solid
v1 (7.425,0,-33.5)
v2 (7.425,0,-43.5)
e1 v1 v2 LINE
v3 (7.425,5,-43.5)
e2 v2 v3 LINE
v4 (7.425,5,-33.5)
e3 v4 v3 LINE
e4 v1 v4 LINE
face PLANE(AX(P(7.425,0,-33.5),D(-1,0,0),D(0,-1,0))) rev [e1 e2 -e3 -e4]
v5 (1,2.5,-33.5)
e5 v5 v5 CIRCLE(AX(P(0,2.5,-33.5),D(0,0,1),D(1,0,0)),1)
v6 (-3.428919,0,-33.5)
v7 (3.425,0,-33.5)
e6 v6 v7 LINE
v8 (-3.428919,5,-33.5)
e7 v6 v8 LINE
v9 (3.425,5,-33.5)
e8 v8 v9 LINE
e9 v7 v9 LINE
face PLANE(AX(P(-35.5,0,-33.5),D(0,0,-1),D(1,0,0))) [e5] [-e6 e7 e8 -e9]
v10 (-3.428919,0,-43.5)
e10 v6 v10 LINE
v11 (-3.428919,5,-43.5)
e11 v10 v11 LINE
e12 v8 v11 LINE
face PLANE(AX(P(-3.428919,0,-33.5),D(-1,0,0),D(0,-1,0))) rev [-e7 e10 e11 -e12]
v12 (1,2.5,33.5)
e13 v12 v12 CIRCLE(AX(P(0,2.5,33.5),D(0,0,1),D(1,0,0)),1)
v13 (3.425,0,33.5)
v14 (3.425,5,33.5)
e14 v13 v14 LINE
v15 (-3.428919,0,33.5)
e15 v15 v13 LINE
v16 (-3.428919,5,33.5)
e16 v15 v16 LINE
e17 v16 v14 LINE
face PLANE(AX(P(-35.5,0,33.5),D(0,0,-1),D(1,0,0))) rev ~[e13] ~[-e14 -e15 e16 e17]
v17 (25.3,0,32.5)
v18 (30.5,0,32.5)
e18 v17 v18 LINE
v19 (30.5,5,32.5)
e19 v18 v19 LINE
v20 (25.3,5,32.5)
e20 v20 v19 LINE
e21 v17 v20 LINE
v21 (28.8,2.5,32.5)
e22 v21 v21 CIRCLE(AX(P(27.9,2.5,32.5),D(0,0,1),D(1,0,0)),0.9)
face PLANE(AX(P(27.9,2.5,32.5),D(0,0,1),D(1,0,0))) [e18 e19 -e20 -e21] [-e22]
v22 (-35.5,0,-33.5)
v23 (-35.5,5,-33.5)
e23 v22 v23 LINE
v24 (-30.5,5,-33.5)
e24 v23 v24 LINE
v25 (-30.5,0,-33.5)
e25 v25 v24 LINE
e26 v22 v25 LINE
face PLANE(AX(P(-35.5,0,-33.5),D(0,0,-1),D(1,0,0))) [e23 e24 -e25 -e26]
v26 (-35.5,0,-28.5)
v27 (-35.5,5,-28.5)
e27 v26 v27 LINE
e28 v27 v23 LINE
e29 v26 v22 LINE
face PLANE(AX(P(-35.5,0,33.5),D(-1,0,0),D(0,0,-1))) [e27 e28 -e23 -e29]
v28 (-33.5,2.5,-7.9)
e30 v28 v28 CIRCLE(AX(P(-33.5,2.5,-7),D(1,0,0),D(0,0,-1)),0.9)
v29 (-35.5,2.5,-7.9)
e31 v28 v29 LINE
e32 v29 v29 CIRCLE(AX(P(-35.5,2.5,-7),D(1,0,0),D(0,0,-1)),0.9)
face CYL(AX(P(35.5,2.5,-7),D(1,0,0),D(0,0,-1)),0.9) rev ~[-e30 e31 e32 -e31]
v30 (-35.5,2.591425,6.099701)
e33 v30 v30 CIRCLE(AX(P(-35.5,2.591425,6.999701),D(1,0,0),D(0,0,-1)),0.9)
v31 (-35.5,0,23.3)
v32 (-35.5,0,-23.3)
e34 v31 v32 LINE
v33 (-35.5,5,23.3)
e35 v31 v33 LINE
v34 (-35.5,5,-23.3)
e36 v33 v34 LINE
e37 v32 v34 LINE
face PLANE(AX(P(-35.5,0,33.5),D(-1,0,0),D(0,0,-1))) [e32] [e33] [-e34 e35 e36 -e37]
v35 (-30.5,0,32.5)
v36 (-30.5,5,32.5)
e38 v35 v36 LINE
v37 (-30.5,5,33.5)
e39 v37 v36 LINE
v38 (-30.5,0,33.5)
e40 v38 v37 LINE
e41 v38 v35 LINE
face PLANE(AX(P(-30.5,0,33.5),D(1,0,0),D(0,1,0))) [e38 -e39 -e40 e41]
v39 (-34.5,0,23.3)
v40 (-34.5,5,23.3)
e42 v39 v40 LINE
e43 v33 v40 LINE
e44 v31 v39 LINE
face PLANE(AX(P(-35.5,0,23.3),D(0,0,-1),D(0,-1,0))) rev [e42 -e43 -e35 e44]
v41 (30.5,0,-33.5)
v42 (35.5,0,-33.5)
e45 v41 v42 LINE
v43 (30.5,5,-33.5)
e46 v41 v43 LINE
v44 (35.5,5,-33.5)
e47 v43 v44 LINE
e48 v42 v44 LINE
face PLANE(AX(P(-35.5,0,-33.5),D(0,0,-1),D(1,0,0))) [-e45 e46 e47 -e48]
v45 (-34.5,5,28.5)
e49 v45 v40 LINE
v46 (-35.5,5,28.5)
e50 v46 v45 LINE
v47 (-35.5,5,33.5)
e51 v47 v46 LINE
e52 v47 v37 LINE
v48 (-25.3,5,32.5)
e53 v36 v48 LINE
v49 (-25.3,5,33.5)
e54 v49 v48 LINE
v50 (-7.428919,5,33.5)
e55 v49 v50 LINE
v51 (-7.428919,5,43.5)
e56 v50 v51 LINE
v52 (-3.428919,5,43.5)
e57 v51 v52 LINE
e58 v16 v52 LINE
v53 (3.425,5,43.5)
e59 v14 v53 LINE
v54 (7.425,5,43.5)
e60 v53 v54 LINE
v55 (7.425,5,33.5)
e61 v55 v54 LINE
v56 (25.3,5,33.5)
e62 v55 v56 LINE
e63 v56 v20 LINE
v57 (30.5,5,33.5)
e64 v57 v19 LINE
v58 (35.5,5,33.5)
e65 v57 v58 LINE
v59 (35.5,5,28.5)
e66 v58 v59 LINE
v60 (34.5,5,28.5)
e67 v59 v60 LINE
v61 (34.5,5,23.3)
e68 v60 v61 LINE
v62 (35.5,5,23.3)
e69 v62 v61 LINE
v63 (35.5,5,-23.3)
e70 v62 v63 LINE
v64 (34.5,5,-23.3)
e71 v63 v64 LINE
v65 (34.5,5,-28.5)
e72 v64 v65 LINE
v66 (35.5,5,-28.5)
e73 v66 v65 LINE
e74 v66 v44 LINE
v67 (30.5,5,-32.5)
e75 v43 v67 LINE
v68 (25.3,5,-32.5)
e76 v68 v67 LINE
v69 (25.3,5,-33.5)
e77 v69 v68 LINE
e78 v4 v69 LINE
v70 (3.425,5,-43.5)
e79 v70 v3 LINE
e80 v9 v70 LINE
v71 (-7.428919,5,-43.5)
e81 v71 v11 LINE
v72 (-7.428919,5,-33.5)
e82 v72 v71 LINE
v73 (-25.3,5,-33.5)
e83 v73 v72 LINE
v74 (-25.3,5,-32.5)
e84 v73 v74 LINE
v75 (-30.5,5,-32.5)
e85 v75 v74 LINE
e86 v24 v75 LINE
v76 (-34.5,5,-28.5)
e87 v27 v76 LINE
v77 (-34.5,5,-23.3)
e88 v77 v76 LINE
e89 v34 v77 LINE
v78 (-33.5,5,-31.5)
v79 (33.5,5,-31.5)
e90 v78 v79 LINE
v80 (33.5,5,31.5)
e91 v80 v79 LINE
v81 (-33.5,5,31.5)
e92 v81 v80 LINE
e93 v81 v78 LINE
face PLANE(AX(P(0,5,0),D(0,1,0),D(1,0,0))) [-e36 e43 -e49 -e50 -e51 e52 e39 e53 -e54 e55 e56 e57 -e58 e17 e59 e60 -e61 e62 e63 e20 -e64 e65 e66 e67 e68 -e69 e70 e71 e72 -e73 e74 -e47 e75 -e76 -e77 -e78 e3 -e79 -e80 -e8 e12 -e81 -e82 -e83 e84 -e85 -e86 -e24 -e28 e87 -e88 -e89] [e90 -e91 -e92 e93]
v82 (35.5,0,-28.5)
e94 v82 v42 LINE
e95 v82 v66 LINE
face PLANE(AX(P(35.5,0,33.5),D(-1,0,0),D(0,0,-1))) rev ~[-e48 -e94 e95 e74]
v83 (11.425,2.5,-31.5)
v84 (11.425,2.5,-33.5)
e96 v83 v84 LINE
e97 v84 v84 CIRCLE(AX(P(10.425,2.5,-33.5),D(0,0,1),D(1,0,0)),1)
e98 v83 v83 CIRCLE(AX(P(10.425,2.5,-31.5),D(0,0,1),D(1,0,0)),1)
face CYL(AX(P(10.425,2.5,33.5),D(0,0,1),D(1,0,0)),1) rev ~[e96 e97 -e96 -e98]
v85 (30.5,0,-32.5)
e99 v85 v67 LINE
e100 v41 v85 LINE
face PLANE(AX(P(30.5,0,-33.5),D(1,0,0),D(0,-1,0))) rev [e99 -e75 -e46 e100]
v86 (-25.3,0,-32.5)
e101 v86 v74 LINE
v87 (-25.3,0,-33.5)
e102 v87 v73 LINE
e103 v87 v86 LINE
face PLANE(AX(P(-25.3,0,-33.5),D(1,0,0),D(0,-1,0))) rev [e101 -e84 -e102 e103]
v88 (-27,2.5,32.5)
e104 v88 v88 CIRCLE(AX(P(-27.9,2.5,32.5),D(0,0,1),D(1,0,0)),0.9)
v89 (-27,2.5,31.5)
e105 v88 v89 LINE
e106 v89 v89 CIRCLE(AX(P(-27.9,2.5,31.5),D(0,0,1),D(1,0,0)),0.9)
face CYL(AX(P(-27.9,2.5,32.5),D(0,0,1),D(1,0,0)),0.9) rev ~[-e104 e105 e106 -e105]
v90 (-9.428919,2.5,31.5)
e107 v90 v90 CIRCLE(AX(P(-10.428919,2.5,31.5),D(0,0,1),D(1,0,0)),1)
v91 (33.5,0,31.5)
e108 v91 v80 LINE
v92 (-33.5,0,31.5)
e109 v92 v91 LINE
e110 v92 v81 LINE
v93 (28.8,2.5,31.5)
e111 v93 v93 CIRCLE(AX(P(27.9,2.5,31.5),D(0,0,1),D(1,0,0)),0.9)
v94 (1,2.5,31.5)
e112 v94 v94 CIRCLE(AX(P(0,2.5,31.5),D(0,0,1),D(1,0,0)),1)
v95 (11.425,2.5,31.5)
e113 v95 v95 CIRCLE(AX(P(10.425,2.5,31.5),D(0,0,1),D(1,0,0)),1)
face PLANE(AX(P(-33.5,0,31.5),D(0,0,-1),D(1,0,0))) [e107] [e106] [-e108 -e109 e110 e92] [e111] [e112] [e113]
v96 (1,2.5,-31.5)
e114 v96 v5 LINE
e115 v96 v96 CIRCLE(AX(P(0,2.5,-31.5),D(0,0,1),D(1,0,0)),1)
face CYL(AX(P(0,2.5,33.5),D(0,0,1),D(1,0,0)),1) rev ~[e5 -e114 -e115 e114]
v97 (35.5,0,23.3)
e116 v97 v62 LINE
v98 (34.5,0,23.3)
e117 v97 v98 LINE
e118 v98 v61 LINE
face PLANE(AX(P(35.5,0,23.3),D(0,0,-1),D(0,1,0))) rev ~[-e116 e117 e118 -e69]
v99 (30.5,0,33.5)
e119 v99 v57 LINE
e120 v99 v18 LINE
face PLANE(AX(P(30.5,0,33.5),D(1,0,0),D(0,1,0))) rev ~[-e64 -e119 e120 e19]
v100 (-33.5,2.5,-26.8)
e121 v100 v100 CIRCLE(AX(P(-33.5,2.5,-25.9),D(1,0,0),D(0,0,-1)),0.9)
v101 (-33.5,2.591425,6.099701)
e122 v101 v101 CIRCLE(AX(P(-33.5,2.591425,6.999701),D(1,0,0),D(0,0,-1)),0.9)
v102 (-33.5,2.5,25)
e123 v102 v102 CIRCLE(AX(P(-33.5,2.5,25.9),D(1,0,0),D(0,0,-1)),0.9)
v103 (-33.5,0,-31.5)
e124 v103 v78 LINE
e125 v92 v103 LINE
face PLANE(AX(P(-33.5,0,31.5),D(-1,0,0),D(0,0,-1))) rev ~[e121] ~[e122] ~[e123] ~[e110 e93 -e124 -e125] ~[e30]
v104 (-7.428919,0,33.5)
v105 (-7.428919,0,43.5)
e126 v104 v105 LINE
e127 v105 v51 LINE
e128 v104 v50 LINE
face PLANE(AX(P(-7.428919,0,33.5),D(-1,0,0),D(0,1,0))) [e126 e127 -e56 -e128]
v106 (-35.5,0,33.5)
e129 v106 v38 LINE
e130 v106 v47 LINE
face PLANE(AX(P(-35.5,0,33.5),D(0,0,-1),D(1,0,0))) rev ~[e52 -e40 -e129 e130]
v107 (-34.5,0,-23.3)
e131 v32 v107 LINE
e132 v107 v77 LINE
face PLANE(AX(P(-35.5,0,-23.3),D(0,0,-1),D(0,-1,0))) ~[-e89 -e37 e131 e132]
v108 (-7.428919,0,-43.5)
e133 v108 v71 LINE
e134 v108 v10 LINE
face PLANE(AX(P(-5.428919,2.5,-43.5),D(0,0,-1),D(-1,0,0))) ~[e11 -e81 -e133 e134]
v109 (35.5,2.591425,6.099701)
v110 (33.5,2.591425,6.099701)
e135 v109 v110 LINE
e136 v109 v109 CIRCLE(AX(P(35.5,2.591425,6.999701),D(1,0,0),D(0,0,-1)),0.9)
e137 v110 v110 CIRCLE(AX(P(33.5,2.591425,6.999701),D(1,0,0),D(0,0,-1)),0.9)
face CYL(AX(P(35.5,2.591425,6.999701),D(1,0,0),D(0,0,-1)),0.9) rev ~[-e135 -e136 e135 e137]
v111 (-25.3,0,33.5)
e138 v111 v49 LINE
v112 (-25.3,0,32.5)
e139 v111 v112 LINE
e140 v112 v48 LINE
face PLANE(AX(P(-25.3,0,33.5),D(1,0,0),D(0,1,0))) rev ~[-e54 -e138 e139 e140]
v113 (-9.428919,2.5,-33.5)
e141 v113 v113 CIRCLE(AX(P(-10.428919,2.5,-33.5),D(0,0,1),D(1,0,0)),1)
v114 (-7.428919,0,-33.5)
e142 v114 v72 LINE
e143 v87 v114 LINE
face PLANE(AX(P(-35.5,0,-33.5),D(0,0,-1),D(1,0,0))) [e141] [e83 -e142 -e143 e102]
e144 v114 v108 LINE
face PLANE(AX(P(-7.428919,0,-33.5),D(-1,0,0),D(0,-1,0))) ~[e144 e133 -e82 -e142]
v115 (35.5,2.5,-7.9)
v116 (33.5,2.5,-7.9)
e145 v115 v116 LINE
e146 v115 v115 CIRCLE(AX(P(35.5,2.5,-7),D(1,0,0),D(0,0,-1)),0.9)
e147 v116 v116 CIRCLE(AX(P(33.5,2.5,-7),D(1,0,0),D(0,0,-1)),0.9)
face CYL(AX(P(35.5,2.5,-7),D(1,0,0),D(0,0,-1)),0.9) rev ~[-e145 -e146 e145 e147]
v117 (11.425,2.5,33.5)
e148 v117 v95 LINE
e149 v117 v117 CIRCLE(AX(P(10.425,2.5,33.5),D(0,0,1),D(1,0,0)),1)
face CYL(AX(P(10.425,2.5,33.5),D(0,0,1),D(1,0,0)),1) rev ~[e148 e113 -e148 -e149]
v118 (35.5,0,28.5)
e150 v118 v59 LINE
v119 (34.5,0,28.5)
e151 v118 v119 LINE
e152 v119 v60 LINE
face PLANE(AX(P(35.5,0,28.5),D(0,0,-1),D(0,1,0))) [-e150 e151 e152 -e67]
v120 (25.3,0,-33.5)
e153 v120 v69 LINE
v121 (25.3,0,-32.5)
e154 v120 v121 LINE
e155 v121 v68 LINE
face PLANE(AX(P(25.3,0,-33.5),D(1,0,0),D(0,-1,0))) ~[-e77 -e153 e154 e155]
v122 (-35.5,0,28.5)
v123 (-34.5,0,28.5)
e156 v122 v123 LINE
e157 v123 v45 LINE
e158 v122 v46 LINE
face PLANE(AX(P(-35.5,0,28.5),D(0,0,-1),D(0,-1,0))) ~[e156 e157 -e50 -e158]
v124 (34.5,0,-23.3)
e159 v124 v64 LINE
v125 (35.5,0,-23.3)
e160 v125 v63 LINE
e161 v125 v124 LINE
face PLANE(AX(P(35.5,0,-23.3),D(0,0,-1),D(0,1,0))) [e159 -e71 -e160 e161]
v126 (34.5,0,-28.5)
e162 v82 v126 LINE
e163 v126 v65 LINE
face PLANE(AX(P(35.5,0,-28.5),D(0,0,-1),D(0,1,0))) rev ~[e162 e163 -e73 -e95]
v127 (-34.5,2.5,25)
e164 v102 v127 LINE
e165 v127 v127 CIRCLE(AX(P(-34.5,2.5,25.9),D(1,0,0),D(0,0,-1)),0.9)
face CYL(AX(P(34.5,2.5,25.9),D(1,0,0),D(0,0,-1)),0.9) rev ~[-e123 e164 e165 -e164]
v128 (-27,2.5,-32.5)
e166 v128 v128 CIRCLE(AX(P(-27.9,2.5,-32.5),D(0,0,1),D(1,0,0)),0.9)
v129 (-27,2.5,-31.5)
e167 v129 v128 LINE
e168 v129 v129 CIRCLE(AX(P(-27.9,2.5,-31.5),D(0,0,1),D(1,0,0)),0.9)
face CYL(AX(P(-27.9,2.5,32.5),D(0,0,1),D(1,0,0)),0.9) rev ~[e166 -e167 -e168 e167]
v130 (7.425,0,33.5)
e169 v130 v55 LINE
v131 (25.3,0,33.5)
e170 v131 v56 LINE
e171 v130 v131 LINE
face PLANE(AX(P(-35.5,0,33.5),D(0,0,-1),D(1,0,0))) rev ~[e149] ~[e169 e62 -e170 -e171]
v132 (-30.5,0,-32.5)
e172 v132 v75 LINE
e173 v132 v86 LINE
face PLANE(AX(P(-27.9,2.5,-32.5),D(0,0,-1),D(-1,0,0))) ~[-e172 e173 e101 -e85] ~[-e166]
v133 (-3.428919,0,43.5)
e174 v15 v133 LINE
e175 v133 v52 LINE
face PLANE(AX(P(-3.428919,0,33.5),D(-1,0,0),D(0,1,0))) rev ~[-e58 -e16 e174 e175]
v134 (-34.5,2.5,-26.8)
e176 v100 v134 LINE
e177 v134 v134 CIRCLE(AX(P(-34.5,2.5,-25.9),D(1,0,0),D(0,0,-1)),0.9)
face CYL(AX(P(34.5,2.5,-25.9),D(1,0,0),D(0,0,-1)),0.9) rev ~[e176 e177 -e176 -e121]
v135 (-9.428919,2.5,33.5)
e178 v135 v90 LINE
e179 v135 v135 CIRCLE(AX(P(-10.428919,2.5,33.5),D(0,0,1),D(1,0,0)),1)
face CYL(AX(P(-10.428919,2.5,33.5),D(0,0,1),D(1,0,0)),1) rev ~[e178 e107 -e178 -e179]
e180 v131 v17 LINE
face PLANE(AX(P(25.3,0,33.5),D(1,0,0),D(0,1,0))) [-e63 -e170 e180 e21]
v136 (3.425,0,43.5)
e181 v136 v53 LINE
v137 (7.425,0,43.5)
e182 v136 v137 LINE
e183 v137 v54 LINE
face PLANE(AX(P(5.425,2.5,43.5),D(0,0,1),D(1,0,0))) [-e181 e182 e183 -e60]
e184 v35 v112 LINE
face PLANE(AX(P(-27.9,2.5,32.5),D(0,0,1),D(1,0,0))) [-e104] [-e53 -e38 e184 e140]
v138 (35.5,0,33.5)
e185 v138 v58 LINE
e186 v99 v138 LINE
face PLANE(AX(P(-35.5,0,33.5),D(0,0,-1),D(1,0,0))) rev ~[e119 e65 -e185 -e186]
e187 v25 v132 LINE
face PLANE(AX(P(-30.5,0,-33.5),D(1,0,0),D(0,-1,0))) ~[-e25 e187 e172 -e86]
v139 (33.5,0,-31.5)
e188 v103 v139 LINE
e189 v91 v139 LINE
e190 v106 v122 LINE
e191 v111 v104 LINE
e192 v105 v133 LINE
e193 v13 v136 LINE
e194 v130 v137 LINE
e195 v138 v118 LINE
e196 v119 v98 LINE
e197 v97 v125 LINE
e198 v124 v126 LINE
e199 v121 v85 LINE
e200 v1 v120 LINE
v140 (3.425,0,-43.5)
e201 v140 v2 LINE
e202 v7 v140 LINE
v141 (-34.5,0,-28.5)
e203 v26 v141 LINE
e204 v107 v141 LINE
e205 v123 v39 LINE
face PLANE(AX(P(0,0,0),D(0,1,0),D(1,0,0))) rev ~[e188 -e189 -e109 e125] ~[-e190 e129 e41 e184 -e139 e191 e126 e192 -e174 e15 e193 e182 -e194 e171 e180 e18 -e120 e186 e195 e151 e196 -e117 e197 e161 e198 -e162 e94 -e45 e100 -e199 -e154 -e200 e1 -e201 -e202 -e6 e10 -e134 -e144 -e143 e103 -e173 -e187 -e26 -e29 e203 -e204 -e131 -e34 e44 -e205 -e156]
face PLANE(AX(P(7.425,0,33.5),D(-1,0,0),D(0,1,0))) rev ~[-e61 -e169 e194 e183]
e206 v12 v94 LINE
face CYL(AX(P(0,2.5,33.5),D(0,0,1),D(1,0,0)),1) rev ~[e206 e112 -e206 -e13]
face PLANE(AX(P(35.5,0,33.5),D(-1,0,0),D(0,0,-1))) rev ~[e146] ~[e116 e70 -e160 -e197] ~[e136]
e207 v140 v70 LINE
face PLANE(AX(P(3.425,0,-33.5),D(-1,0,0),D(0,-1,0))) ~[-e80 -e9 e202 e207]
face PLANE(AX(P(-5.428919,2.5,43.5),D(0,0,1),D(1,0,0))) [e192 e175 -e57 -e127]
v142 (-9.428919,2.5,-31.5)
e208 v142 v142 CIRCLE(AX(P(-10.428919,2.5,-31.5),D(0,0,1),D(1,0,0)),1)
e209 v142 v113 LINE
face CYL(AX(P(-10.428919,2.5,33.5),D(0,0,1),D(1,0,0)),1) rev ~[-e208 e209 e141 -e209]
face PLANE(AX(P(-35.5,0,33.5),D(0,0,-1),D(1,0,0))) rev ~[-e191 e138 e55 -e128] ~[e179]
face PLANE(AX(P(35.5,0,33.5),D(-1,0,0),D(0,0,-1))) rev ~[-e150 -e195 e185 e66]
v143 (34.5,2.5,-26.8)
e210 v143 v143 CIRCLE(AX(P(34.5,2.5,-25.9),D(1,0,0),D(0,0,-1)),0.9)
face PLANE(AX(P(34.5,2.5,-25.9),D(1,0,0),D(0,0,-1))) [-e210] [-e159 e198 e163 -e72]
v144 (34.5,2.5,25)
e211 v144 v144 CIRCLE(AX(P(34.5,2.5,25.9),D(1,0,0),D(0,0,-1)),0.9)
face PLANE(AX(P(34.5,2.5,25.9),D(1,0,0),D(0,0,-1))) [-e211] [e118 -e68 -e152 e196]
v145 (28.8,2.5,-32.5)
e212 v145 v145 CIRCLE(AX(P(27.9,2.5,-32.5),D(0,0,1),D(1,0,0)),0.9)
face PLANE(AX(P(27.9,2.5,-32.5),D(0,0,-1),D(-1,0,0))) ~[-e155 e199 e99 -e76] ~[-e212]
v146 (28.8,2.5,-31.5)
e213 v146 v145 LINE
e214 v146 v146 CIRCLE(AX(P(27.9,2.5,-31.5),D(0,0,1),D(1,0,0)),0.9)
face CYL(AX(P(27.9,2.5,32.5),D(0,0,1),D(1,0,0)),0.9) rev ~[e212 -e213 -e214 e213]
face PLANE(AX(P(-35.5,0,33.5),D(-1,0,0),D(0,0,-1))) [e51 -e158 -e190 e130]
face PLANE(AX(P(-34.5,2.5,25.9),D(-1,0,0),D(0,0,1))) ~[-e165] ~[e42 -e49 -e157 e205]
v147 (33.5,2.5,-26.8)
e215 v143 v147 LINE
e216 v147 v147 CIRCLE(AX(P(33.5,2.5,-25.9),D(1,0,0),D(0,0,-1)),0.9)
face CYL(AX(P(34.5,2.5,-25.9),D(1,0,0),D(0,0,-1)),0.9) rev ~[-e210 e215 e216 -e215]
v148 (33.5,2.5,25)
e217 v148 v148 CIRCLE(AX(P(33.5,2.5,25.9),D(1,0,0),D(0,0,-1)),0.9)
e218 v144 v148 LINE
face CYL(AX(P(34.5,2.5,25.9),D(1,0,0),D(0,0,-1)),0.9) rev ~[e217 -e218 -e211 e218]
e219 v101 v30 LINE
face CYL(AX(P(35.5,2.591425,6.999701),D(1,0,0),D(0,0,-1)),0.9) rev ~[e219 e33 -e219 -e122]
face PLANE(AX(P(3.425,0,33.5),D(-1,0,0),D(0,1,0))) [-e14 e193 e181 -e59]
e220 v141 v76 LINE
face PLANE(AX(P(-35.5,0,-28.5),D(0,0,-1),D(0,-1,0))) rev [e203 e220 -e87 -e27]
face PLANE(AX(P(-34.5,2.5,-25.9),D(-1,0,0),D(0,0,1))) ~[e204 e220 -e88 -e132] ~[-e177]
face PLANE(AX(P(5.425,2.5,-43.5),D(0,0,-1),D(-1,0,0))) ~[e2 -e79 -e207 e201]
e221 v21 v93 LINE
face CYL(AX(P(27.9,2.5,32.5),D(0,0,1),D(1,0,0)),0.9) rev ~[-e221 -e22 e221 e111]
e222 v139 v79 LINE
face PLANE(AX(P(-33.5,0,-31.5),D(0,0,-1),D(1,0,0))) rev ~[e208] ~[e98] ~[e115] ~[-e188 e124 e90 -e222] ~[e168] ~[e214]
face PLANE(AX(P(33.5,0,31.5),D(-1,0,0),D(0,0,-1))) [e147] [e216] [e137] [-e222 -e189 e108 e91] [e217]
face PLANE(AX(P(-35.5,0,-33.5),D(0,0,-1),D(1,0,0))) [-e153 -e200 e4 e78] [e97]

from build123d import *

# Parameters (mm, degrees)
SKETCH1_W           = 71
SKETCH1_H           = 67
SKETCH1_W_2         = 67
SKETCH1_H_2         = 63
BOSS_EXTRUDE1_DEPTH = 5
SKETCH2_R           = 0.9
CUT_EXTRUDE1_DEPTH  = 121
SKETCH3_R           = 1
CUT_EXTRUDE2_DEPTH  = 90
SKETCH4_W           = 4
SKETCH4_H           = 5
BOSS_EXTRUDE2_DEPTH = 10
SKETCH5_R           = 1
CUT_EXTRUDE3_DEPTH  = 109
SKETCH9_W           = 5.2
SKETCH9_H           = 5
CUT_EXTRUDE6_DEPTH  = 1
SKETCH10_W          = 5.2
SKETCH10_H          = 5
CUT_EXTRUDE7_DEPTH  = 1
SKETCH11_R          = 0.9
CUT_EXTRUDE8_DEPTH  = 81
SKETCH12_R          = 0.9
CUT_EXTRUDE9_DEPTH  = 81


with BuildPart() as part:
    # Sketch1 → Boss-Extrude1 (new body)
    with BuildSketch(Plane(origin=(0, 0, 0), x_dir=(1, 0, 0), z_dir=(0, 1, 0))):
        Rectangle(SKETCH1_W, SKETCH1_H)
        Rectangle(SKETCH1_W_2, SKETCH1_H_2, mode=Mode.SUBTRACT)
    extrude(amount=BOSS_EXTRUDE1_DEPTH)

    # Sketch2 → Cut-Extrude1 (cut)
    with BuildSketch(Plane(origin=(35.5, 0, 0), x_dir=(0, 0, -1), z_dir=(1, 0, 0))):
        with Locations((-6.999701476, 2.591425228)):
            Circle(SKETCH2_R)
        with Locations((7, 2.5)):
            Circle(SKETCH2_R)
    extrude(amount=-CUT_EXTRUDE1_DEPTH, mode=Mode.SUBTRACT)

    # Sketch3 → Cut-Extrude2 (cut)
    with BuildSketch(Plane.XY.offset(33.5)):
        with Locations((0, 2.5)):
            Circle(SKETCH3_R)
    extrude(amount=-CUT_EXTRUDE2_DEPTH, mode=Mode.SUBTRACT)

    # Sketch4 → Boss-Extrude2 (add)
    with BuildSketch(Plane.XY.offset(33.5)):
        with Locations((5.425, 2.5)):
            Rectangle(SKETCH4_W, SKETCH4_H)
        with Locations((-5.428919328, 2.5)):
            Rectangle(SKETCH4_W, SKETCH4_H)
    boss_extrude2 = extrude(amount=BOSS_EXTRUDE2_DEPTH)

    # Mirror1: Boss-Extrude2 across plane
    add(boss_extrude2.mirror(Plane.XY))

    # Sketch5 → Cut-Extrude3 (cut)
    with BuildSketch(Plane.XY.offset(33.5)):
        with Locations((-10.428919328, 2.5)):
            Circle(SKETCH5_R)
        with Locations((10.425, 2.5)):
            Circle(SKETCH5_R)
    extrude(amount=-CUT_EXTRUDE3_DEPTH, mode=Mode.SUBTRACT)

    # Sketch9 → Cut-Extrude6 (cut)
    with BuildSketch(Plane.XY.offset(33.5)):
        with Locations((-27.9, 2.5)):
            Rectangle(SKETCH9_W, SKETCH9_H)
        with Locations((27.9, 2.5)):
            Rectangle(SKETCH9_W, SKETCH9_H)
    cut_extrude6 = extrude(amount=-CUT_EXTRUDE6_DEPTH, mode=Mode.SUBTRACT)

    # Sketch10 → Cut-Extrude7 (cut)
    with BuildSketch(Plane(origin=(35.5, 0, 0), x_dir=(0, 0, -1), z_dir=(1, 0, 0))):
        with Locations((-25.9, 2.5)):
            Rectangle(SKETCH10_W, SKETCH10_H)
        with Locations((25.9, 2.5)):
            Rectangle(SKETCH10_W, SKETCH10_H)
    cut_extrude7 = extrude(amount=-CUT_EXTRUDE7_DEPTH, mode=Mode.SUBTRACT)

    # Mirror2: Cut-Extrude7 across plane
    add(cut_extrude7.mirror(Plane(origin=(0, 0, 0), x_dir=(0, 0, 1), z_dir=(1, 0, 0))), mode=Mode.SUBTRACT)

    # Mirror3: Cut-Extrude6 across plane
    add(cut_extrude6.mirror(Plane.XY), mode=Mode.SUBTRACT)

    # Sketch11 → Cut-Extrude8 (cut)
    with BuildSketch(Plane(origin=(34.5, 0, 0), x_dir=(0, 0, -1), z_dir=(1, 0, 0))):
        with Locations((25.9, 2.5)):
            Circle(SKETCH11_R)
        with Locations((-25.9, 2.5)):
            Circle(SKETCH11_R)
    extrude(amount=-CUT_EXTRUDE8_DEPTH, mode=Mode.SUBTRACT)

    # Sketch12 → Cut-Extrude9 (cut)
    with BuildSketch(Plane.XY.offset(32.5)):
        with Locations((27.9, 2.5)):
            Circle(SKETCH12_R)
        with Locations((-27.9, 2.5)):
            Circle(SKETCH12_R)
    extrude(amount=-CUT_EXTRUDE9_DEPTH, mode=Mode.SUBTRACT)


solid = part.part
